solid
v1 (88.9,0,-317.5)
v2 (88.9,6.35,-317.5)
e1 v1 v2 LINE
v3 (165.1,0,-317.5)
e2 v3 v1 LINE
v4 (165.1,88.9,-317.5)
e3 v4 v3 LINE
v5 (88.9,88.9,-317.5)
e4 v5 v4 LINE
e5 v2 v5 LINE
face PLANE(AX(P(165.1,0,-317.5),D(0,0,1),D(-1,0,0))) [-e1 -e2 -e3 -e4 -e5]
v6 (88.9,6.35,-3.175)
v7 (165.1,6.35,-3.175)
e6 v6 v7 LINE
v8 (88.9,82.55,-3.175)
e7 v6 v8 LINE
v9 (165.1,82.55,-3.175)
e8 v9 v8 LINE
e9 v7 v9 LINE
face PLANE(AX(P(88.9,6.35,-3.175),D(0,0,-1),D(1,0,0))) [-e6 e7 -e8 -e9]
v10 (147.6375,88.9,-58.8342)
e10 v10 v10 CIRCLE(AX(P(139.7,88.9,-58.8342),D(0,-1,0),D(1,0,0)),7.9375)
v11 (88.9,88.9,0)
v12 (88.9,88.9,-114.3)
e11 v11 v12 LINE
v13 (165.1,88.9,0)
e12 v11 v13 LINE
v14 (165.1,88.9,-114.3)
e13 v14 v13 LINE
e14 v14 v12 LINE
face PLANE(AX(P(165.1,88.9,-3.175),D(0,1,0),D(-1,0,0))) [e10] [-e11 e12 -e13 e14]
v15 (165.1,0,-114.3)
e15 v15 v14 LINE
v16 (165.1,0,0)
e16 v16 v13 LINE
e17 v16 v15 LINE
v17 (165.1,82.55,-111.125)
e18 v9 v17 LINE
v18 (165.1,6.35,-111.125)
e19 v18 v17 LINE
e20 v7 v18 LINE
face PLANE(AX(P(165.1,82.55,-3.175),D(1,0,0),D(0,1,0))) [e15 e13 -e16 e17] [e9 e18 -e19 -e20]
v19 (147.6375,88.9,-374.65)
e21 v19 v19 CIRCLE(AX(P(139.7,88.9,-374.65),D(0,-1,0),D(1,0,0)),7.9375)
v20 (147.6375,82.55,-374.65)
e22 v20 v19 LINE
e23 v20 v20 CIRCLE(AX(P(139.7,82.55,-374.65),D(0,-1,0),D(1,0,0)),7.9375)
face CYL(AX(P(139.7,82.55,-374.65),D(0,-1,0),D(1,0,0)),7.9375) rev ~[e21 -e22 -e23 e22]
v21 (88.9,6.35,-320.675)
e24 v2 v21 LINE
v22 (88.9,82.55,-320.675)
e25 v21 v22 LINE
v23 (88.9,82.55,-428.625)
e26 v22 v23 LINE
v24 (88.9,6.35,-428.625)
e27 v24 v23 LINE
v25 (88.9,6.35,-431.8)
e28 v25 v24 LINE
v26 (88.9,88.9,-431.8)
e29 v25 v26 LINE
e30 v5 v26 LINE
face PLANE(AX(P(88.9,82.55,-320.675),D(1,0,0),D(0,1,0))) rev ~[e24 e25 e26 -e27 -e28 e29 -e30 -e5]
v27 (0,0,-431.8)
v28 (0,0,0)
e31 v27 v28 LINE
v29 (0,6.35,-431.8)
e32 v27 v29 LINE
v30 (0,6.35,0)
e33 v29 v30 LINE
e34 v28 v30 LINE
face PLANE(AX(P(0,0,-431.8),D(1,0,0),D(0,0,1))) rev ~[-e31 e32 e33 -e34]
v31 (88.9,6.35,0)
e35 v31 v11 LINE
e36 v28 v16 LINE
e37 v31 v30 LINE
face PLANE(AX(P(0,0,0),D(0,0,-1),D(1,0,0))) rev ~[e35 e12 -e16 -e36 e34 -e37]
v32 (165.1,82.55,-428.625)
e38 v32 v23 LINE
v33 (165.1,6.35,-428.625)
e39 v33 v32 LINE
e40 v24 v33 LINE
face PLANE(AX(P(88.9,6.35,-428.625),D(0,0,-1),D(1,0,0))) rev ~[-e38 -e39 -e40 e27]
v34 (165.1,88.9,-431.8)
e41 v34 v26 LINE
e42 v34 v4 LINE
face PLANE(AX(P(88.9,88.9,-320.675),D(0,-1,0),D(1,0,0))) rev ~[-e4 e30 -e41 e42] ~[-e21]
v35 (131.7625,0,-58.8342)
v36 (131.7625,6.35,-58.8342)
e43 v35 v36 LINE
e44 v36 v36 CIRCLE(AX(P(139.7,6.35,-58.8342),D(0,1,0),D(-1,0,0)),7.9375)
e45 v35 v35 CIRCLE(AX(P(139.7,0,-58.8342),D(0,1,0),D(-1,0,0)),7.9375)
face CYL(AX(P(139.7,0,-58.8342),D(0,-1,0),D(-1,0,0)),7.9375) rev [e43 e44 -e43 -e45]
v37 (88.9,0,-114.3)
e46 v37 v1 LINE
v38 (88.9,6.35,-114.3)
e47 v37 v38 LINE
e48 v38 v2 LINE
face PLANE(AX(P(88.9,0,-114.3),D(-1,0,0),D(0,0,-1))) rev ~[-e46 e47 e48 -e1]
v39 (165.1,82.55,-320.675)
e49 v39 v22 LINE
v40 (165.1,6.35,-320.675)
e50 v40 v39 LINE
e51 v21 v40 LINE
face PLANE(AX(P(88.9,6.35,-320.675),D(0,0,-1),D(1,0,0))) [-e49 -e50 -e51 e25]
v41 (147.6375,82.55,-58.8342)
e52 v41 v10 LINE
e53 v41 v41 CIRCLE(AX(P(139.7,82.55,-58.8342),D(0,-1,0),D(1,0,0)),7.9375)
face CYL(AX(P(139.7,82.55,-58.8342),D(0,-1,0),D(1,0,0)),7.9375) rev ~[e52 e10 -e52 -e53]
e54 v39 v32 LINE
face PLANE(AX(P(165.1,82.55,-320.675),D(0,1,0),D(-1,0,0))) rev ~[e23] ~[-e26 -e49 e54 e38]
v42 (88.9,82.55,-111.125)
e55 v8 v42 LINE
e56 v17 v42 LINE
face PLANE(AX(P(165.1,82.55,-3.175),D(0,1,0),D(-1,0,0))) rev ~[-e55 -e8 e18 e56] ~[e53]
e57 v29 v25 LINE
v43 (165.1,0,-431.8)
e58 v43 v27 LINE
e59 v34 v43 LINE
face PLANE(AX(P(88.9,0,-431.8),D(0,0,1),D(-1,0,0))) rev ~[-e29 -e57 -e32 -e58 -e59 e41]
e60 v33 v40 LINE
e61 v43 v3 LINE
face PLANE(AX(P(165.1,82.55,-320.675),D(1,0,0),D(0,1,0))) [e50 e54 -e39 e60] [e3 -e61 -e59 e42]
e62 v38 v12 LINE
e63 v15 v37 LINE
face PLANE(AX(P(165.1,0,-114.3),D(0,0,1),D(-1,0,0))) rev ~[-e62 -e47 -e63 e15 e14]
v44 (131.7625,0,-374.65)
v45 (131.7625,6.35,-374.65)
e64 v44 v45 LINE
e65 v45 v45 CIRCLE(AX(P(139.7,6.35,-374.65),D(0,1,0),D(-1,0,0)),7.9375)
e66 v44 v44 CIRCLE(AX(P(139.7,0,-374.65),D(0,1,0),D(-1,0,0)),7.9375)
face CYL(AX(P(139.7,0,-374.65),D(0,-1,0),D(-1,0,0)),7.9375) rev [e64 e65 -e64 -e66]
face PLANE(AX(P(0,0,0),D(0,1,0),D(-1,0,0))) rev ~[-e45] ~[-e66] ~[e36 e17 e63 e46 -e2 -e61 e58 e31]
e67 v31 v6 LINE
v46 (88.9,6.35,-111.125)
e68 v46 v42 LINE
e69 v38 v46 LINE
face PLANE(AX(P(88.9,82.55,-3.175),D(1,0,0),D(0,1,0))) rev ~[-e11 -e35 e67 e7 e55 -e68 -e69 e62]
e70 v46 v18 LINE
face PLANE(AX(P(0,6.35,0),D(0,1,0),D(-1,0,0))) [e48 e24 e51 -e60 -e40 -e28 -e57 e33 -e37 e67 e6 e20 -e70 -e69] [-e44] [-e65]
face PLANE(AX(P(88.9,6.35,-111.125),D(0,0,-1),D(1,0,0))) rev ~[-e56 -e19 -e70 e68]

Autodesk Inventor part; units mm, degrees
ref_plane "YZ Plane" through (0, 0, 0) normal (1, 0, 0) x (0, 1, 0)
ref_plane "XZ Plane" through (0, 0, 0) normal (0, 1, 0) x (-1, 0, 0)
ref_plane "XY Plane" through (0, 0, 0) normal (0, 0, 1) x (1, 0, 0)
sketch "Sketch1" plane through (0, 0, 0) normal (0, 1, 0) x (-1, 0, 0)
  line L0 (0, 0) -> (-88.9, 0)
  line L1 (-88.9, -114.3) -> (-88.9, -317.5)
  line L2 (-88.9, -431.8) -> (0, -431.8)
  line L3 (0, -431.8) -> (0, 0)
  line L4 (-88.9, 0) -> (-165.1, 0)
  line L5 (-165.1, 0) -> (-165.1, -114.3)
  line L6 (-165.1, -114.3) -> (-88.9, -114.3)
  line L7 (-88.9, -114.3) -> (-88.9, 0)
  line L8 (-88.9, -431.8) -> (-165.1, -431.8)
  line L9 (-165.1, -431.8) -> (-165.1, -317.5)
  line L10 (-165.1, -317.5) -> (-88.9, -317.5)
  line L11 (-88.9, -317.5) -> (-88.9, -431.8)
  line L12 (-88.9, -374.65) -> (-139.7, -374.65) construction
  line L13 (-88.9, -58.8342) -> (-139.7, -58.8342) construction
  circle A0 centre (-139.7, -58.8342) radius 7.9375
  circle A1 centre (-139.7, -374.65) radius 7.9375
  dimension "d0" = 88.9
  dimension "d1" = 431.8
  dimension "d2" = 76.2
  dimension "d3" = 114.3
  dimension "d4" = 76.2
  dimension "d5" = 114.3
  dimension "d6" = 50.8
  dimension "d7" = 15.875
  dimension "d8" = 15.875
extrude "Extrusion1" add sketch "Sketch1" along normal blind 6.35
sketch "Sketch8" plane through (0, 6.35, 0) normal (0, 1, 0) x (1, 0, 0)
  circle A0 centre (139.7, 58.8342) radius 7.9375 projected
  circle A1 centre (139.7, 374.65) radius 7.9375 projected
  line L0 (88.9, 317.5) -> (165.1, 317.5) projected
  line L1 (165.1, 317.5) -> (165.1, 431.8) projected
  line L2 (165.1, 431.8) -> (0, 431.8) projected
  line L3 (0, 431.8) -> (0, 0) projected
  line L4 (0, 0) -> (165.1, 0) projected
  line L5 (165.1, 0) -> (165.1, 114.3) projected
  line L6 (165.1, 114.3) -> (88.9, 114.3) projected
  line L7 (88.9, 114.3) -> (88.9, 317.5) projected
  line L8 (165.1, 0) -> (88.9, 0)
  line L9 (88.9, 0) -> (88.9, 3.175)
  line L10 (88.9, 3.175) -> (165.1, 3.175)
  line L11 (165.1, 3.175) -> (165.1, 0)
  line L12 (165.1, 114.3) -> (88.9, 114.3)
  line L13 (88.9, 114.3) -> (88.9, 111.125)
  line L14 (88.9, 111.125) -> (165.1, 111.125)
  line L15 (165.1, 111.125) -> (165.1, 114.3)
  line L16 (88.9, 114.3) -> (88.9, 317.5) projected
  line L17 (165.1, 317.5) -> (88.9, 317.5)
  line L18 (88.9, 317.5) -> (88.9, 320.675)
  line L19 (88.9, 320.675) -> (165.1, 320.675)
  line L20 (165.1, 320.675) -> (165.1, 317.5)
  line L21 (165.1, 431.8) -> (88.9, 431.8)
  line L22 (88.9, 431.8) -> (88.9, 428.625)
  line L23 (88.9, 428.625) -> (165.1, 428.625)
  line L24 (165.1, 428.625) -> (165.1, 431.8)
  dimension "d27" = 3.175
  dimension "d28" = 3.175
  dimension "d29" = 3.175
  dimension "d30" = 3.175
extrude "Extrusion7" add sketch "Sketch8" along normal blind 82.55 contours L18 L19 L1 L0 | L6 L5 L14 L13 | L23 L22 L2 L1 | L5 L4 L9 L10
sketch "Sketch9" plane through (165.1, 6.35, -3.175) normal (0, 0, -1) x (-1, 0, 0)
  line L0 (76.2, 0) -> (0, 0) projected
  line L1 (76.2, 0) -> (76.2, 82.55) projected
  line L2 (0, 82.55) -> (76.2, 82.55) projected
  line L3 (0, 0) -> (0, 82.55) projected
  line L4 (0, -6.35) -> (0, 82.55) projected
  line L5 (76.2, 82.55) -> (0, 82.55)
  line L6 (0, 82.55) -> (0, 76.2)
  line L7 (0, 76.2) -> (76.2, 76.2)
  line L8 (76.2, 76.2) -> (76.2, 82.55)
  point P0 (165.1, -6.35)
  dimension "d33" = 6.35
sketch "Sketch10" plane through (165.1, 6.35, -320.675) normal (0, 0, -1) x (-1, 0, 0)
  line L0 (76.2, -6.35) -> (0, -6.35) projected
  line L1 (0, -6.35) -> (0, 82.55) projected
  line L2 (76.2, 82.55) -> (0, 82.55) projected
  line L3 (76.2, 0) -> (76.2, 82.55) projected
  line L4 (76.2, -6.35) -> (76.2, 0) projected
  line L5 (0, 0) -> (0, 82.55) projected
  line L6 (76.2, 82.55) -> (0, 82.55)
  line L7 (0, 82.55) -> (0, 76.2)
  line L8 (0, 76.2) -> (76.2, 76.2)
  line L9 (76.2, 76.2) -> (76.2, 82.55)
  point P0 (165.1, -6.35)
  dimension "d34" = 6.35
extrude "Extrusion8" add sketch "Sketch9" along normal blind 107.95 contours L7 L3 L2 L1
extrude "Extrusion9" add sketch "Sketch10" along normal blind 107.95 contours L8 L1 L2 L3
sketch "Sketch11" plane through (88.9, 82.55, -320.675) normal (0, -1, 0) x (1, 0, 0)
  line L0 (0, 0) -> (76.2, 0) projected
  circle A0 centre (50.8, -53.975) radius 7.9375 projected
  line L1 (0, 206.375) -> (0, 3.175) projected
  line L2 (76.2, -111.125) -> (-88.9, -111.125) projected
  line L3 (76.2, 3.175) -> (76.2, -111.125) projected
  line L4 (0, 3.175) -> (76.2, 3.175) projected
  circle A1 centre (50.8, 261.8408) radius 7.9375 projected
  line L5 (0, 206.375) -> (0, 3.175) projected
  line L6 (76.2, 206.375) -> (0, 206.375) projected
  line L7 (76.2, 320.675) -> (76.2, 206.375) projected
  line L8 (-88.9, 320.675) -> (76.2, 320.675) projected
  line L9 (-88.9, -111.125) -> (-88.9, 320.675) projected
  line L10 (76.2, -111.125) -> (-88.9, -111.125) projected
  circle A2 centre (50.8, 261.8408) radius 7.9375 projected
  circle A3 centre (50.8, -53.975) radius 7.9375
  circle A4 centre (50.8, 261.8408) radius 7.9375
  line L11 (76.2, 3.175) -> (76.2, -111.125) projected
  line L12 (0, 3.175) -> (76.2, 3.175) projected
  line L13 (76.2, 206.375) -> (0, 206.375) projected
  line L14 (76.2, 320.675) -> (76.2, 206.375) projected
  line L15 (-88.9, 320.675) -> (76.2, 320.675) projected
  line L16 (-88.9, -111.125) -> (-88.9, 320.675) projected
extrude "Extrusion10" cut sketch "Sketch11" against normal blind 25.4 contours A0
sketch "Sketch12" plane through (88.9, 82.55, -3.175) normal (0, -1, 0) x (1, 0, 0)
  circle A0 centre (50.8, -55.6592) radius 7.9375 projected
  circle A1 centre (50.8, -55.6592) radius 7.9375
  point P0 (-88.9, 3.175)
extrude "Extrusion11" cut sketch "Sketch12" against normal blind 25.4
properties part number "side"
